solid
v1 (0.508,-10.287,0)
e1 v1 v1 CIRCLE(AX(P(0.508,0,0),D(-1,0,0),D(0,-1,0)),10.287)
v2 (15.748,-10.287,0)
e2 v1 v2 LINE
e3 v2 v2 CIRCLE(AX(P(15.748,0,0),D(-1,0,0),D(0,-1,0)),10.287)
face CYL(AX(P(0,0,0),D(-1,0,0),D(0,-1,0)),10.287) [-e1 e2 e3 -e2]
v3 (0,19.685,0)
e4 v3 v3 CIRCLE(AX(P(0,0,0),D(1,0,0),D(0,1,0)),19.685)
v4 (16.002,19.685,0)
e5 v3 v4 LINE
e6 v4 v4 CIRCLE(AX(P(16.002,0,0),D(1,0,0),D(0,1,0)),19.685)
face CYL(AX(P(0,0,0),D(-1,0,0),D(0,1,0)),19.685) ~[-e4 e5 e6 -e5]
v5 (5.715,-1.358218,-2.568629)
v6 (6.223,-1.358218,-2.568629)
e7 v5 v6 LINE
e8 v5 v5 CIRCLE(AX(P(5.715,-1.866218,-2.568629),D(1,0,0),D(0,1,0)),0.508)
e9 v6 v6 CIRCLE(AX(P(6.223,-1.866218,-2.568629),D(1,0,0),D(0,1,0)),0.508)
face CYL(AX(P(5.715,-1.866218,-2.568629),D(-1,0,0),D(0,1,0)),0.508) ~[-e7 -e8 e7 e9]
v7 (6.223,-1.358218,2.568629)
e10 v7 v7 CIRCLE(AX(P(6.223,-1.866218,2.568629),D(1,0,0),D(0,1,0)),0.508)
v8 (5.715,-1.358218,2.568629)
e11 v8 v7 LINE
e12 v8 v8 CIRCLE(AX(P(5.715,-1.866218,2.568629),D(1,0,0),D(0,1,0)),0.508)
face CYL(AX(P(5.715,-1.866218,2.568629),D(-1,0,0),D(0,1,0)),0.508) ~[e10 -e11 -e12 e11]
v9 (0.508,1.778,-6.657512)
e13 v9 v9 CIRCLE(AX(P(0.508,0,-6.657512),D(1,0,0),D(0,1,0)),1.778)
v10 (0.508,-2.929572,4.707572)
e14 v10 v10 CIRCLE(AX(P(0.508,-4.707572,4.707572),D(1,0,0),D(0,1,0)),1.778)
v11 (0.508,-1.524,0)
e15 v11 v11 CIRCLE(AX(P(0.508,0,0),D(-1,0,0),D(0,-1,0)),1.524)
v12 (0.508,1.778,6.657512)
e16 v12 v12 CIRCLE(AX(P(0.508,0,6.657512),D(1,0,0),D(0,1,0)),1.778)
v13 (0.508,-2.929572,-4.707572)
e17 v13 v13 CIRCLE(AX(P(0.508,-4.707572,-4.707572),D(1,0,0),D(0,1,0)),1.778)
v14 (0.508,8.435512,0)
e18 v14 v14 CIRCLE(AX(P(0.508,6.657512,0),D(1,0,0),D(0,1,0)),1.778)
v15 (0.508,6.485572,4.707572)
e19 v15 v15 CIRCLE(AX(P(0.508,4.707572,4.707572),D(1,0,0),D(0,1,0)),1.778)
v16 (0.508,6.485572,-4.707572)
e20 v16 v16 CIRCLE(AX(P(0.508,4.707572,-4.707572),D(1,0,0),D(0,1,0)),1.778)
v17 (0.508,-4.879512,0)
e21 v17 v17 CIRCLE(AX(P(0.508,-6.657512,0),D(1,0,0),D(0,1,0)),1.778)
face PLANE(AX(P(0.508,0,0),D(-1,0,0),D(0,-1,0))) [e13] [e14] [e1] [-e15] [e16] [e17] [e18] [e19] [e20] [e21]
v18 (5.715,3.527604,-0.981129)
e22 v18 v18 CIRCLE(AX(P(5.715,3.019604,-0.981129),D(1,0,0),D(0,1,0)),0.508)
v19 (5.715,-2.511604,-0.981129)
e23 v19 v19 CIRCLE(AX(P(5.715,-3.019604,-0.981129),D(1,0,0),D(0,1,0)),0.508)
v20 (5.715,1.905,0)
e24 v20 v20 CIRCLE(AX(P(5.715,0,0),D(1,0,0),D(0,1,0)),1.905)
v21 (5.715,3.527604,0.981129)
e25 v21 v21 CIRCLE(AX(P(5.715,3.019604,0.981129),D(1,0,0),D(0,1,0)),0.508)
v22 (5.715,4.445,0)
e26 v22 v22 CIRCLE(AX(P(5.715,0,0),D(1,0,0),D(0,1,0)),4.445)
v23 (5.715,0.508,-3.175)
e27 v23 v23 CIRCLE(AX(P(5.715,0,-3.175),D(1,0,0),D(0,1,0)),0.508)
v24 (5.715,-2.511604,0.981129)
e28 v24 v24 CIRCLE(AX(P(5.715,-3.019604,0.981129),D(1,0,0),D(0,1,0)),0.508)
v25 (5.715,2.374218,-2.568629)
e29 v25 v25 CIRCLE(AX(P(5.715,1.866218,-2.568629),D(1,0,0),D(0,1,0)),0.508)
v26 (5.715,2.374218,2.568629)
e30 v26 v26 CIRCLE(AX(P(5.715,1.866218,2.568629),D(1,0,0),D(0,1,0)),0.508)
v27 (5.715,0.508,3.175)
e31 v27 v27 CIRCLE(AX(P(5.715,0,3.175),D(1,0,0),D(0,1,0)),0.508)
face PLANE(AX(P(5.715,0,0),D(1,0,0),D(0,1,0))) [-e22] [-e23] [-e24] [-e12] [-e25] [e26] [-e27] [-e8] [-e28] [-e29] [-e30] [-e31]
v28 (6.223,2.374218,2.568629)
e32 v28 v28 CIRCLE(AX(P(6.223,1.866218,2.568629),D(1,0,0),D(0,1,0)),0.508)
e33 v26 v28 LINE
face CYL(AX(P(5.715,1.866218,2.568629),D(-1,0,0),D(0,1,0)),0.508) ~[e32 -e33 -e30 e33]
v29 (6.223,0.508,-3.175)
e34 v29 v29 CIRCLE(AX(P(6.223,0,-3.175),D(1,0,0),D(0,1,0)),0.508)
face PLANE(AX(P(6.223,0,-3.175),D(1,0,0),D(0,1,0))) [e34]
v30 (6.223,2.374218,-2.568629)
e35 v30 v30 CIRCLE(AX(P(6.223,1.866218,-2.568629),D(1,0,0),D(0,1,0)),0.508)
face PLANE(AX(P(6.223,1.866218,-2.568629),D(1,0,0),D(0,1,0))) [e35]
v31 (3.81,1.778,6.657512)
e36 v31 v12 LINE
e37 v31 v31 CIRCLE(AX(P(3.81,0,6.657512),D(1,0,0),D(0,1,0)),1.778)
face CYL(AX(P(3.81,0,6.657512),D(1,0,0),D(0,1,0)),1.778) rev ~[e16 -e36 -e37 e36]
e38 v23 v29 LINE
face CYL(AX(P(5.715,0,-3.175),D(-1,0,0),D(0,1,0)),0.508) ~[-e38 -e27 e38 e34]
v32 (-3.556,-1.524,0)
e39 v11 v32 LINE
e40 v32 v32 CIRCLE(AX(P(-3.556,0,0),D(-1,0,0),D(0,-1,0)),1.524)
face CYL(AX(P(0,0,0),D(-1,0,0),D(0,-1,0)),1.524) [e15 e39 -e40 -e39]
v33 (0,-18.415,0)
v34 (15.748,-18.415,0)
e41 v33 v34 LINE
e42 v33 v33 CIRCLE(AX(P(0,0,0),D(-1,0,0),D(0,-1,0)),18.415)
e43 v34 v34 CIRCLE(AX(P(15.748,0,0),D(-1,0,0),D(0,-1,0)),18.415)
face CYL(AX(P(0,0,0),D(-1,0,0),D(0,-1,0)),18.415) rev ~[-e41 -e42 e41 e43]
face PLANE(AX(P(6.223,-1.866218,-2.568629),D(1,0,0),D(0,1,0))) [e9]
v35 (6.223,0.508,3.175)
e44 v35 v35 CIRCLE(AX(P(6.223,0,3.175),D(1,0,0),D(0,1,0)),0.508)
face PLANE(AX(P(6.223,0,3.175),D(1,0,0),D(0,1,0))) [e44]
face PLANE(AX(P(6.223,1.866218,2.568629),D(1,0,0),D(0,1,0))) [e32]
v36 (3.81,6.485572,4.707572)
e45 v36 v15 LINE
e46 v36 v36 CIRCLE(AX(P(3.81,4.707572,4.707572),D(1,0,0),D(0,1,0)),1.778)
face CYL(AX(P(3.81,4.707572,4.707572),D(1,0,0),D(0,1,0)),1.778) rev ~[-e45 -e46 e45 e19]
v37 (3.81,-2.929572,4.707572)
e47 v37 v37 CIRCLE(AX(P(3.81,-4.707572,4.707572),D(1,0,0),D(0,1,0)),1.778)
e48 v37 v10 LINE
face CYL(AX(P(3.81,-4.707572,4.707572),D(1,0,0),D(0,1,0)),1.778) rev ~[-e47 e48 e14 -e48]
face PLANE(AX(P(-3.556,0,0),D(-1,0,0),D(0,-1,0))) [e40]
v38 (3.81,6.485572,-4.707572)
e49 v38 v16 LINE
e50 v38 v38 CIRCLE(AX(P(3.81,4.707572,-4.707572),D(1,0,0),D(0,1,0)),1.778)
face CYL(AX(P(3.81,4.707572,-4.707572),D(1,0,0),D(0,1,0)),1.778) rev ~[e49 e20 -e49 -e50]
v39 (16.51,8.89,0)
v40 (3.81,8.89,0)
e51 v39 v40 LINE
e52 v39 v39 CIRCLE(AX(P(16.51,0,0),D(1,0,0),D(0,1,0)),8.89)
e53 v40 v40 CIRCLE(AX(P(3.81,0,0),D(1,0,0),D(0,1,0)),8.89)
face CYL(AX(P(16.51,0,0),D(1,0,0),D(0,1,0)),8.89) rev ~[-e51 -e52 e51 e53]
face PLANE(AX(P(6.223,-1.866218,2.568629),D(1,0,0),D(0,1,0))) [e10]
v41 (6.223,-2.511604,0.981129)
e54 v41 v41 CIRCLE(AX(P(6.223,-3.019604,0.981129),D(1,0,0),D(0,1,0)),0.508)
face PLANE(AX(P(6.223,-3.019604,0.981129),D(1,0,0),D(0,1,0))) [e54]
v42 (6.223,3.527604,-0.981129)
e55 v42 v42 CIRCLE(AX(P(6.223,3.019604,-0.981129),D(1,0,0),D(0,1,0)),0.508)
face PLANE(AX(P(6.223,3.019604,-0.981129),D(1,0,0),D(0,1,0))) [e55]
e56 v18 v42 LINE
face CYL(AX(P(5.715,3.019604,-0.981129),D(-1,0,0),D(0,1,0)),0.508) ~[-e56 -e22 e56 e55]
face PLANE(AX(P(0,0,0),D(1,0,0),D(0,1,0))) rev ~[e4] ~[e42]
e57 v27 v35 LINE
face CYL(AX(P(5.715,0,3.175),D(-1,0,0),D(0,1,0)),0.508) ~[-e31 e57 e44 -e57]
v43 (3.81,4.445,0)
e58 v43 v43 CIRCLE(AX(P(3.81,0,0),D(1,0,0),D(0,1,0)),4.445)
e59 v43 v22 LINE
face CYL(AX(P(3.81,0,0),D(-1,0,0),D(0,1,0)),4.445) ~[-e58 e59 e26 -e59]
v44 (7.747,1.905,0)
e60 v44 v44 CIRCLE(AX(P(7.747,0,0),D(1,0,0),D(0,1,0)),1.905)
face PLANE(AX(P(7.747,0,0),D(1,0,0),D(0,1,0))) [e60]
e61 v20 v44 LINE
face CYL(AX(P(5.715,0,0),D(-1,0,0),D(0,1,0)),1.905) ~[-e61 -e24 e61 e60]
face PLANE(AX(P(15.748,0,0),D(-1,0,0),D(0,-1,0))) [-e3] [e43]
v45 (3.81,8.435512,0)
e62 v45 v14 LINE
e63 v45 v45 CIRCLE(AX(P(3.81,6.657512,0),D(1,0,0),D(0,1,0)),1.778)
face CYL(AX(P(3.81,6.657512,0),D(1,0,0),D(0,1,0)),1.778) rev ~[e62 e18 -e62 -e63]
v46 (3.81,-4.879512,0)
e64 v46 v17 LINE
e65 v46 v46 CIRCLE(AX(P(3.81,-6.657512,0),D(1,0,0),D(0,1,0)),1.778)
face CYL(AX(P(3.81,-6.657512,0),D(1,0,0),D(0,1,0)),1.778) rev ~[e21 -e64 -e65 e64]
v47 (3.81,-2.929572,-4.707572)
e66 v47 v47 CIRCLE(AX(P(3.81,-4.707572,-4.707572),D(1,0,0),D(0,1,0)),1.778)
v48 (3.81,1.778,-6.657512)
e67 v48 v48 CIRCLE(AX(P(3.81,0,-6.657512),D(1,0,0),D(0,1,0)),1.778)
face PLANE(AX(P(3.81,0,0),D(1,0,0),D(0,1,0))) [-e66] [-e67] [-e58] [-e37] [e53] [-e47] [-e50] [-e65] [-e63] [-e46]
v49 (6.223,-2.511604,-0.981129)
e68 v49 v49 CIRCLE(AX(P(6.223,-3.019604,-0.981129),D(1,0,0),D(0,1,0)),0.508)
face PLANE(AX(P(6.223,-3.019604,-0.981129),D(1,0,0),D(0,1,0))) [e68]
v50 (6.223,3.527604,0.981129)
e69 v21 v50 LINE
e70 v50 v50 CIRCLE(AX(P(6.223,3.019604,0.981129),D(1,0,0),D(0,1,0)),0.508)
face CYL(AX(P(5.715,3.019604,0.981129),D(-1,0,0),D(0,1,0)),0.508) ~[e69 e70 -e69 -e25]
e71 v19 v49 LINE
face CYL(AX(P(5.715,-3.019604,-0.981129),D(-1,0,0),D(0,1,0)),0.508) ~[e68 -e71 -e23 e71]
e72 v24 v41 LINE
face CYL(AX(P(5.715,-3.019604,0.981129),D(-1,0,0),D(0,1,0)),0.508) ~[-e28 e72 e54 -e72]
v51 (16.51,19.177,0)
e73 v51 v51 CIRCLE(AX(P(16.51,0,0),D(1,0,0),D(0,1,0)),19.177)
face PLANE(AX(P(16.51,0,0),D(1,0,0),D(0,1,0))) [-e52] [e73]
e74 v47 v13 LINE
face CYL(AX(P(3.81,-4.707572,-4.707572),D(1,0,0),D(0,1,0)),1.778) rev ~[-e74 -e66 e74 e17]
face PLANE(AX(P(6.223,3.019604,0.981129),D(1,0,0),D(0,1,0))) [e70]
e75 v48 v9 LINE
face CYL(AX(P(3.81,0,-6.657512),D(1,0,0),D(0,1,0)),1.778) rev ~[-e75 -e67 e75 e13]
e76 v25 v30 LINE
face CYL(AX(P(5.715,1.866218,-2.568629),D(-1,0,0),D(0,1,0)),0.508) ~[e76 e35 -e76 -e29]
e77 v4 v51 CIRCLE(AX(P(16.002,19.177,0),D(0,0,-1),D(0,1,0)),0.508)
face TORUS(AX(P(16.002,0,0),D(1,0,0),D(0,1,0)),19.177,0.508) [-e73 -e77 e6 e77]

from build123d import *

# Parameters (mm, degrees)
F0_R      = 19.685
F1_DEPTH  = 16.51
F2_R      = 8.89
F3_DEPTH  = 12.7
F4_R      = 4.445
F5_DEPTH  = 1.905
F6_R      = 1.905
F7_DEPTH  = 2.032
F8_R      = 1.778
F9_DEPTH  = 5.08
F10_R     = 0.508
F11_DEPTH = 0.508
F12_R     = 1.524
F13_DEPTH = 3.556
F14_R     = 10.287
F14_R_2   = 1.778
F14_R_3   = 1.524
F15_DEPTH = 0.508
F16_R     = 18.415
F16_R_2   = 10.287
F17_DEPTH = 15.748
F18_R     = 0.508


with BuildPart() as f1:
    # F0 (on Right) → F1 (new body)
    with BuildSketch(Plane.YZ):
        Circle(F0_R)
    extrude(amount=F1_DEPTH)

    # F2 (on face) → F3 (cut)
    with BuildSketch(Plane.YZ.offset(16.51)):
        Circle(F2_R)
    extrude(amount=-F3_DEPTH, mode=Mode.SUBTRACT)

    # F4 (on face) → F5 (join)
    with BuildSketch(Plane.YZ.offset(3.81)):
        Circle(F4_R)
    extrude(amount=F5_DEPTH)

    # F6 (on face) → F7 (join)
    with BuildSketch(Plane.YZ.offset(5.715)):
        Circle(F6_R)
    extrude(amount=F7_DEPTH)

    # F8 (on face) → F9 (cut)
    with BuildSketch(Plane.YZ.offset(3.81)):
        with Locations((0, 6.6575121996)):
            Circle(F8_R)
        with Locations((-4.7075720221, 4.7075720221)):
            Circle(F8_R)
        with Locations((-6.6575121996, 0)):
            Circle(F8_R)
        with Locations((-4.7075720221, -4.7075720221)):
            Circle(F8_R)
        with Locations((0, -6.6575121996)):
            Circle(F8_R)
        with Locations((4.7075720221, -4.7075720221)):
            Circle(F8_R)
        with Locations((6.6575121996, 0)):
            Circle(F8_R)
        with Locations((4.7075720221, 4.7075720221)):
            Circle(F8_R)
    extrude(amount=-F9_DEPTH, mode=Mode.SUBTRACT)

    # F10 (on face) → F11 (join)
    with BuildSketch(Plane.YZ.offset(5.715)):
        with Locations((0, 3.175)):
            Circle(F10_R)
        with Locations((-1.866218176, 2.5686289571)):
            Circle(F10_R)
        with Locations((-3.0196044392, 0.9811289571)):
            Circle(F10_R)
        with Locations((-3.0196044392, -0.9811289571)):
            Circle(F10_R)
        with Locations((-1.866218176, -2.5686289571)):
            Circle(F10_R)
        with Locations((0, -3.175)):
            Circle(F10_R)
        with Locations((1.866218176, -2.5686289571)):
            Circle(F10_R)
        with Locations((3.0196044392, -0.9811289571)):
            Circle(F10_R)
        with Locations((3.0196044392, 0.9811289571)):
            Circle(F10_R)
        with Locations((1.866218176, 2.5686289571)):
            Circle(F10_R)
    extrude(amount=F11_DEPTH)

    # F12 (on face) → F13 (join)
    with BuildSketch(Plane(origin=(0, 0, 0), x_dir=(0, -1, 0), z_dir=(-1, 0, 0))):
        Circle(F12_R)
    extrude(amount=F13_DEPTH)

    # F14 (on face) → F15 (cut)
    with BuildSketch(Plane(origin=(0, 0, 0), x_dir=(0, -1, 0), z_dir=(-1, 0, 0))):
        Circle(F14_R)
        with Locations((-4.7075720221, -4.7075720221)):
            Circle(F14_R_2, mode=Mode.SUBTRACT)
        with Locations((0, -6.6575121996)):
            Circle(F14_R_2, mode=Mode.SUBTRACT)
        with Locations((4.7075720221, -4.7075720221)):
            Circle(F14_R_2, mode=Mode.SUBTRACT)
        with Locations((-6.6575121996, 0)):
            Circle(F14_R_2, mode=Mode.SUBTRACT)
        with Locations((-4.7075720221, 4.7075720221)):
            Circle(F14_R_2, mode=Mode.SUBTRACT)
        Circle(F14_R_3, mode=Mode.SUBTRACT)
        with Locations((4.7075720221, 4.7075720221)):
            Circle(F14_R_2, mode=Mode.SUBTRACT)
        with Locations((6.6575121996, 0)):
            Circle(F14_R_2, mode=Mode.SUBTRACT)
        with Locations((0, 6.6575121996)):
            Circle(F14_R_2, mode=Mode.SUBTRACT)
    extrude(amount=-F15_DEPTH, mode=Mode.SUBTRACT)

    # F16 (on face) → F17 (cut)
    with BuildSketch(Plane(origin=(0, 0, 0), x_dir=(0, -1, 0), z_dir=(-1, 0, 0))):
        Circle(F16_R)
        Circle(F16_R_2, mode=Mode.SUBTRACT)
    extrude(amount=-F17_DEPTH, mode=Mode.SUBTRACT)

    # F18
    f18_edges = [f1.edges().sort_by_distance(p)[0] for p in [
        (16.51, -19.685, 0),
    ]]
    fillet(f18_edges, radius=F18_R)


solid = f1.part
